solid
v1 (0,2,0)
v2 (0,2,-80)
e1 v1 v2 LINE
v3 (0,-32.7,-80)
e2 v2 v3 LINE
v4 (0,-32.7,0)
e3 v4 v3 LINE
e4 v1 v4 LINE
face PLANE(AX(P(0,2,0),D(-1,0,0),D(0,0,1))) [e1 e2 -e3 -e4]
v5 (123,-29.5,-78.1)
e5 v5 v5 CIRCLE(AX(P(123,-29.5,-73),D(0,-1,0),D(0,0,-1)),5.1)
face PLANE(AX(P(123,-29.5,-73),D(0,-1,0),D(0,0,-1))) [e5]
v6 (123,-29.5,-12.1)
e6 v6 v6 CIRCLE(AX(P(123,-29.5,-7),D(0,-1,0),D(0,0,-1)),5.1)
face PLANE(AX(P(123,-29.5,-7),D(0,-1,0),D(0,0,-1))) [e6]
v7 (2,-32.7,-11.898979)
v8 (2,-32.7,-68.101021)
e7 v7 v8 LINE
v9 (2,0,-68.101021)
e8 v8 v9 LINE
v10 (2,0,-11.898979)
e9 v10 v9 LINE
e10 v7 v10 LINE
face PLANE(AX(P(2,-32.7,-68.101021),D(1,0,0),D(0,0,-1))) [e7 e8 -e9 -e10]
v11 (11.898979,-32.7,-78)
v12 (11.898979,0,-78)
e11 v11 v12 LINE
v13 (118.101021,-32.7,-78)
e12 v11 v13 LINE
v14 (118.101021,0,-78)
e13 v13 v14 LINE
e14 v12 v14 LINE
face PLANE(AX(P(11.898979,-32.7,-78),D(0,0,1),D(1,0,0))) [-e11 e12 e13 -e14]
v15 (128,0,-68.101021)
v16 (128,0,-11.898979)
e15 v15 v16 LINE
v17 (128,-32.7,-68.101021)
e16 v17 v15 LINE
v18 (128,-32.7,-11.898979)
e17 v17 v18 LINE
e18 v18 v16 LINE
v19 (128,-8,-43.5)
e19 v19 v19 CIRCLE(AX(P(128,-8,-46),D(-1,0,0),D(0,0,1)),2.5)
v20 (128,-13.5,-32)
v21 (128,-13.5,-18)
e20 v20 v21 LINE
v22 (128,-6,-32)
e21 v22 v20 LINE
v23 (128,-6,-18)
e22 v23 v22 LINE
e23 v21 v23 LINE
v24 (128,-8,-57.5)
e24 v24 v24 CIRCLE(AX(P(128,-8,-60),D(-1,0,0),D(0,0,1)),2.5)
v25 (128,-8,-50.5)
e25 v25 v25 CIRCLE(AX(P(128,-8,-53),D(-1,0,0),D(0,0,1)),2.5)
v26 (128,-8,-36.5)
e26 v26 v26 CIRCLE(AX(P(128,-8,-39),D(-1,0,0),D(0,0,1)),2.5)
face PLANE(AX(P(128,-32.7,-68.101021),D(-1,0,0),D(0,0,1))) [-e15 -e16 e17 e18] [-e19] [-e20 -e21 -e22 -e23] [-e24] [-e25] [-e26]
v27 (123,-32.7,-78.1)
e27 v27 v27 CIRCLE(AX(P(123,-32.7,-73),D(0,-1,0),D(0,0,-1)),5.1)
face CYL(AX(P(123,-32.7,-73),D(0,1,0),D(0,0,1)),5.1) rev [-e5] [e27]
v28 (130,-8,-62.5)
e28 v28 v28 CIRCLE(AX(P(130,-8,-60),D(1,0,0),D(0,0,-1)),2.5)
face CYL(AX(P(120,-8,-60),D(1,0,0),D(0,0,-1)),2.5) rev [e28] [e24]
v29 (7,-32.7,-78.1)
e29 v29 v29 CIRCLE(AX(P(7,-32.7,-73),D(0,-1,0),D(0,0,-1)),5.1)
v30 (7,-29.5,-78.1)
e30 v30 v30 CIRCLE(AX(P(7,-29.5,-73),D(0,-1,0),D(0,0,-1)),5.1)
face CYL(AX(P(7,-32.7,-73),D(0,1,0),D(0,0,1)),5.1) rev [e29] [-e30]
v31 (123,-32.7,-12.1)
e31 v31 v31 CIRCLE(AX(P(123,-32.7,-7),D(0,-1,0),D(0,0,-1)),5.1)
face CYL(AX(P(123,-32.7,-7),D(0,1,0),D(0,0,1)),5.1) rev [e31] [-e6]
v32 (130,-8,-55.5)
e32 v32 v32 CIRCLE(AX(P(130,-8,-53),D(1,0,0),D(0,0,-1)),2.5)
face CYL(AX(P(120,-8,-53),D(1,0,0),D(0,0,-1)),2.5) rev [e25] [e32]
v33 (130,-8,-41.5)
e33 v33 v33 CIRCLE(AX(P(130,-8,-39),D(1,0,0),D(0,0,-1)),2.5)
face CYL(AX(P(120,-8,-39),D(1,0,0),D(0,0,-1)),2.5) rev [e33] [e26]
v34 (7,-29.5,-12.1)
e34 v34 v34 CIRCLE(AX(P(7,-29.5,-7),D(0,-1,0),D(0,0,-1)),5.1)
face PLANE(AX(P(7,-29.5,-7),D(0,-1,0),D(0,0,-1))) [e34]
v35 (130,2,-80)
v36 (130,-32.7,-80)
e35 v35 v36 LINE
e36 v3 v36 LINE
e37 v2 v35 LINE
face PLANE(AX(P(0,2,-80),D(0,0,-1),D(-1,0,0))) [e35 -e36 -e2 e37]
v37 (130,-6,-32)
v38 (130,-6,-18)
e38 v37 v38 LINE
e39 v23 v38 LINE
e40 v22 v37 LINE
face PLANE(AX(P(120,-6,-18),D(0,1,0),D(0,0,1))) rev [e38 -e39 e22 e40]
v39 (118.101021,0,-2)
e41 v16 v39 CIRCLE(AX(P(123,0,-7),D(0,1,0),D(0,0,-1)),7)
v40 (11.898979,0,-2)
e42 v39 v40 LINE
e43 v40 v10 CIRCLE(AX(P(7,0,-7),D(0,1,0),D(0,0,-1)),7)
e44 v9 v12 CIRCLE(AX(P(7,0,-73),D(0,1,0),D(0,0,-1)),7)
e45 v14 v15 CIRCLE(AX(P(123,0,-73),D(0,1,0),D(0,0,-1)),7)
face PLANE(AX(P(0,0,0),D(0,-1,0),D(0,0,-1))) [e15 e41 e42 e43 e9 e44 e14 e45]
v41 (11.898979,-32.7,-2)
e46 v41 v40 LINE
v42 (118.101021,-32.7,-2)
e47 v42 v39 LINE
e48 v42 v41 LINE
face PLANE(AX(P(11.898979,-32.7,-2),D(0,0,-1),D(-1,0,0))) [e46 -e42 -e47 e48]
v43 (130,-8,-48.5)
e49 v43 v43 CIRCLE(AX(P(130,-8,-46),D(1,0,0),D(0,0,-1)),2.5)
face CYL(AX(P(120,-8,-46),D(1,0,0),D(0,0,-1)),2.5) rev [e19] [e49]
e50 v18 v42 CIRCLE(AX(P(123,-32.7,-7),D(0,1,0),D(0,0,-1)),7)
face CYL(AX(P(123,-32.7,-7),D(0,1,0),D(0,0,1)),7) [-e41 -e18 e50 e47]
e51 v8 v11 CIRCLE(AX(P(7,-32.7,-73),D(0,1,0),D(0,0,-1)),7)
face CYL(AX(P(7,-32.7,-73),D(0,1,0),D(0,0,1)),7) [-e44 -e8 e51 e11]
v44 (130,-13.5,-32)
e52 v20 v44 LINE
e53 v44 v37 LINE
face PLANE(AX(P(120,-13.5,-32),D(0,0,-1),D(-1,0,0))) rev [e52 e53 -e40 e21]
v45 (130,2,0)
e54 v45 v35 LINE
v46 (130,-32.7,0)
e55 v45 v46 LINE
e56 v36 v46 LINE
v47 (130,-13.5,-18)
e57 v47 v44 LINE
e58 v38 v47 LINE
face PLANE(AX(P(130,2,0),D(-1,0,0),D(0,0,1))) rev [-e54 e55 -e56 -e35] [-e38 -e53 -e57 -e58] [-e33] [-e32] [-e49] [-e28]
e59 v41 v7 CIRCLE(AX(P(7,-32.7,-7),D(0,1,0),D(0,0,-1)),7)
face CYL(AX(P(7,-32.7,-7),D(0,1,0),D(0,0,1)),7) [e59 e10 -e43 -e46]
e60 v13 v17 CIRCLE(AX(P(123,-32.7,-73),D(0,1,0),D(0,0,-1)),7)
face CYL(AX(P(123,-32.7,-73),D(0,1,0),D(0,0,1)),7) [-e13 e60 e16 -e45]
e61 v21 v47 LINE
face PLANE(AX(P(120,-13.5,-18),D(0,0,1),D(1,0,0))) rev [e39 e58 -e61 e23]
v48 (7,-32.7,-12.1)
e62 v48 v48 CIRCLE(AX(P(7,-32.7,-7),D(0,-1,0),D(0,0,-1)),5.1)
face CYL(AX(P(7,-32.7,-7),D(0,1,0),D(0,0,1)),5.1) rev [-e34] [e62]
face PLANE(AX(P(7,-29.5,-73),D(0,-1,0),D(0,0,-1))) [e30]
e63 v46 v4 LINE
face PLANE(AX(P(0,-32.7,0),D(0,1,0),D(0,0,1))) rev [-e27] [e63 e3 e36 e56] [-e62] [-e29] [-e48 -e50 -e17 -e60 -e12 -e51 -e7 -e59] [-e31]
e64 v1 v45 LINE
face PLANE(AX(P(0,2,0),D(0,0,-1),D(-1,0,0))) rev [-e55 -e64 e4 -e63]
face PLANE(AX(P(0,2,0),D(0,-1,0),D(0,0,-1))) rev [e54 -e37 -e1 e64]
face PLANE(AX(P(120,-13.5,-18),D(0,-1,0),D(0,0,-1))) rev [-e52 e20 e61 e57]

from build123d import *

# Parameters (mm, degrees)
ESQUISSE1_W             = 130
ESQUISSE1_H             = 80
BOSS_EXTRU_1_DEPTH      = 2
ESQUISSE2_W             = 130
ESQUISSE2_H             = 80
ESQUISSE2_R             = 5.1
BOSS_EXTRU_2_DEPTH      = 32.7
ESQUISSE3_R             = 2.5
ESQUISSE3_W             = 14
ESQUISSE3_H             = 7.5
ENL_V_MAT_EXTRU_1_DEPTH = 10
ESQUISSE4_R             = 5.5
BOSS_EXTRU_3_DEPTH      = 29.5


with BuildPart() as part:
    # Esquisse1 → Boss.-Extru.1 (new body)
    with BuildSketch(Plane(origin=(0, 0, 0), x_dir=(1, 0, 0), z_dir=(0, 1, 0))):
        with Locations((65, 40)):
            Rectangle(ESQUISSE1_W, ESQUISSE1_H)
    extrude(amount=BOSS_EXTRU_1_DEPTH)

    # Esquisse2 → Boss.-Extru.2 (add)
    with BuildSketch(Plane.XZ):
        with Locations((65, -40)):
            Rectangle(ESQUISSE2_W, ESQUISSE2_H)
        with Locations((123, -7)):
            Circle(ESQUISSE2_R, mode=Mode.SUBTRACT)
        with Locations((123, -73)):
            Circle(ESQUISSE2_R, mode=Mode.SUBTRACT)
        with Locations((7, -7)):
            Circle(ESQUISSE2_R, mode=Mode.SUBTRACT)
        with Locations((7, -73)):
            Circle(ESQUISSE2_R, mode=Mode.SUBTRACT)
        with BuildLine():
            Line((11.898979486, -78), (118.101020514, -78))
            ThreePointArc((118.101020514, -78), (118.050252532, -68.050252532), (128, -68.101020514))
            Line((128, -68.101020514), (128, -11.898979486))
            ThreePointArc((128, -11.898979486), (118.050252532, -11.949747468), (118.101020514, -2))
            Line((118.101020514, -2), (11.898979486, -2))
            ThreePointArc((11.898979486, -2), (11.949747468, -11.949747468), (2, -11.898979486))
            Line((2, -11.898979486), (2, -68.101020514))
            ThreePointArc((2, -68.101020514), (11.949747468, -68.050252532), (11.898979486, -78))
        make_face(mode=Mode.SUBTRACT)
    extrude(amount=BOSS_EXTRU_2_DEPTH)

    # Esquisse3 → Enlèv. mat.-Extru.1 (cut)
    with BuildSketch(Plane(origin=(130, 0, 0), x_dir=(0, 0, -1), z_dir=(1, 0, 0))):
        with Locations((39, -8)):
            Circle(ESQUISSE3_R)
        with Locations((46, -8)):
            Circle(ESQUISSE3_R)
        with Locations((53, -8)):
            Circle(ESQUISSE3_R)
        with Locations((60, -8)):
            Circle(ESQUISSE3_R)
        with Locations((25, -9.75)):
            Rectangle(ESQUISSE3_W, ESQUISSE3_H)
    extrude(amount=-ENL_V_MAT_EXTRU_1_DEPTH, mode=Mode.SUBTRACT)

    # Esquisse4 → Boss.-Extru.3 (add)
    with BuildSketch(Plane.XZ):
        with Locations((7, -7)):
            Circle(ESQUISSE4_R)
        with Locations((123, -7)):
            Circle(ESQUISSE4_R)
        with Locations((123, -73)):
            Circle(ESQUISSE4_R)
        with Locations((7, -73)):
            Circle(ESQUISSE4_R)
    extrude(amount=BOSS_EXTRU_3_DEPTH)


solid = part.part
